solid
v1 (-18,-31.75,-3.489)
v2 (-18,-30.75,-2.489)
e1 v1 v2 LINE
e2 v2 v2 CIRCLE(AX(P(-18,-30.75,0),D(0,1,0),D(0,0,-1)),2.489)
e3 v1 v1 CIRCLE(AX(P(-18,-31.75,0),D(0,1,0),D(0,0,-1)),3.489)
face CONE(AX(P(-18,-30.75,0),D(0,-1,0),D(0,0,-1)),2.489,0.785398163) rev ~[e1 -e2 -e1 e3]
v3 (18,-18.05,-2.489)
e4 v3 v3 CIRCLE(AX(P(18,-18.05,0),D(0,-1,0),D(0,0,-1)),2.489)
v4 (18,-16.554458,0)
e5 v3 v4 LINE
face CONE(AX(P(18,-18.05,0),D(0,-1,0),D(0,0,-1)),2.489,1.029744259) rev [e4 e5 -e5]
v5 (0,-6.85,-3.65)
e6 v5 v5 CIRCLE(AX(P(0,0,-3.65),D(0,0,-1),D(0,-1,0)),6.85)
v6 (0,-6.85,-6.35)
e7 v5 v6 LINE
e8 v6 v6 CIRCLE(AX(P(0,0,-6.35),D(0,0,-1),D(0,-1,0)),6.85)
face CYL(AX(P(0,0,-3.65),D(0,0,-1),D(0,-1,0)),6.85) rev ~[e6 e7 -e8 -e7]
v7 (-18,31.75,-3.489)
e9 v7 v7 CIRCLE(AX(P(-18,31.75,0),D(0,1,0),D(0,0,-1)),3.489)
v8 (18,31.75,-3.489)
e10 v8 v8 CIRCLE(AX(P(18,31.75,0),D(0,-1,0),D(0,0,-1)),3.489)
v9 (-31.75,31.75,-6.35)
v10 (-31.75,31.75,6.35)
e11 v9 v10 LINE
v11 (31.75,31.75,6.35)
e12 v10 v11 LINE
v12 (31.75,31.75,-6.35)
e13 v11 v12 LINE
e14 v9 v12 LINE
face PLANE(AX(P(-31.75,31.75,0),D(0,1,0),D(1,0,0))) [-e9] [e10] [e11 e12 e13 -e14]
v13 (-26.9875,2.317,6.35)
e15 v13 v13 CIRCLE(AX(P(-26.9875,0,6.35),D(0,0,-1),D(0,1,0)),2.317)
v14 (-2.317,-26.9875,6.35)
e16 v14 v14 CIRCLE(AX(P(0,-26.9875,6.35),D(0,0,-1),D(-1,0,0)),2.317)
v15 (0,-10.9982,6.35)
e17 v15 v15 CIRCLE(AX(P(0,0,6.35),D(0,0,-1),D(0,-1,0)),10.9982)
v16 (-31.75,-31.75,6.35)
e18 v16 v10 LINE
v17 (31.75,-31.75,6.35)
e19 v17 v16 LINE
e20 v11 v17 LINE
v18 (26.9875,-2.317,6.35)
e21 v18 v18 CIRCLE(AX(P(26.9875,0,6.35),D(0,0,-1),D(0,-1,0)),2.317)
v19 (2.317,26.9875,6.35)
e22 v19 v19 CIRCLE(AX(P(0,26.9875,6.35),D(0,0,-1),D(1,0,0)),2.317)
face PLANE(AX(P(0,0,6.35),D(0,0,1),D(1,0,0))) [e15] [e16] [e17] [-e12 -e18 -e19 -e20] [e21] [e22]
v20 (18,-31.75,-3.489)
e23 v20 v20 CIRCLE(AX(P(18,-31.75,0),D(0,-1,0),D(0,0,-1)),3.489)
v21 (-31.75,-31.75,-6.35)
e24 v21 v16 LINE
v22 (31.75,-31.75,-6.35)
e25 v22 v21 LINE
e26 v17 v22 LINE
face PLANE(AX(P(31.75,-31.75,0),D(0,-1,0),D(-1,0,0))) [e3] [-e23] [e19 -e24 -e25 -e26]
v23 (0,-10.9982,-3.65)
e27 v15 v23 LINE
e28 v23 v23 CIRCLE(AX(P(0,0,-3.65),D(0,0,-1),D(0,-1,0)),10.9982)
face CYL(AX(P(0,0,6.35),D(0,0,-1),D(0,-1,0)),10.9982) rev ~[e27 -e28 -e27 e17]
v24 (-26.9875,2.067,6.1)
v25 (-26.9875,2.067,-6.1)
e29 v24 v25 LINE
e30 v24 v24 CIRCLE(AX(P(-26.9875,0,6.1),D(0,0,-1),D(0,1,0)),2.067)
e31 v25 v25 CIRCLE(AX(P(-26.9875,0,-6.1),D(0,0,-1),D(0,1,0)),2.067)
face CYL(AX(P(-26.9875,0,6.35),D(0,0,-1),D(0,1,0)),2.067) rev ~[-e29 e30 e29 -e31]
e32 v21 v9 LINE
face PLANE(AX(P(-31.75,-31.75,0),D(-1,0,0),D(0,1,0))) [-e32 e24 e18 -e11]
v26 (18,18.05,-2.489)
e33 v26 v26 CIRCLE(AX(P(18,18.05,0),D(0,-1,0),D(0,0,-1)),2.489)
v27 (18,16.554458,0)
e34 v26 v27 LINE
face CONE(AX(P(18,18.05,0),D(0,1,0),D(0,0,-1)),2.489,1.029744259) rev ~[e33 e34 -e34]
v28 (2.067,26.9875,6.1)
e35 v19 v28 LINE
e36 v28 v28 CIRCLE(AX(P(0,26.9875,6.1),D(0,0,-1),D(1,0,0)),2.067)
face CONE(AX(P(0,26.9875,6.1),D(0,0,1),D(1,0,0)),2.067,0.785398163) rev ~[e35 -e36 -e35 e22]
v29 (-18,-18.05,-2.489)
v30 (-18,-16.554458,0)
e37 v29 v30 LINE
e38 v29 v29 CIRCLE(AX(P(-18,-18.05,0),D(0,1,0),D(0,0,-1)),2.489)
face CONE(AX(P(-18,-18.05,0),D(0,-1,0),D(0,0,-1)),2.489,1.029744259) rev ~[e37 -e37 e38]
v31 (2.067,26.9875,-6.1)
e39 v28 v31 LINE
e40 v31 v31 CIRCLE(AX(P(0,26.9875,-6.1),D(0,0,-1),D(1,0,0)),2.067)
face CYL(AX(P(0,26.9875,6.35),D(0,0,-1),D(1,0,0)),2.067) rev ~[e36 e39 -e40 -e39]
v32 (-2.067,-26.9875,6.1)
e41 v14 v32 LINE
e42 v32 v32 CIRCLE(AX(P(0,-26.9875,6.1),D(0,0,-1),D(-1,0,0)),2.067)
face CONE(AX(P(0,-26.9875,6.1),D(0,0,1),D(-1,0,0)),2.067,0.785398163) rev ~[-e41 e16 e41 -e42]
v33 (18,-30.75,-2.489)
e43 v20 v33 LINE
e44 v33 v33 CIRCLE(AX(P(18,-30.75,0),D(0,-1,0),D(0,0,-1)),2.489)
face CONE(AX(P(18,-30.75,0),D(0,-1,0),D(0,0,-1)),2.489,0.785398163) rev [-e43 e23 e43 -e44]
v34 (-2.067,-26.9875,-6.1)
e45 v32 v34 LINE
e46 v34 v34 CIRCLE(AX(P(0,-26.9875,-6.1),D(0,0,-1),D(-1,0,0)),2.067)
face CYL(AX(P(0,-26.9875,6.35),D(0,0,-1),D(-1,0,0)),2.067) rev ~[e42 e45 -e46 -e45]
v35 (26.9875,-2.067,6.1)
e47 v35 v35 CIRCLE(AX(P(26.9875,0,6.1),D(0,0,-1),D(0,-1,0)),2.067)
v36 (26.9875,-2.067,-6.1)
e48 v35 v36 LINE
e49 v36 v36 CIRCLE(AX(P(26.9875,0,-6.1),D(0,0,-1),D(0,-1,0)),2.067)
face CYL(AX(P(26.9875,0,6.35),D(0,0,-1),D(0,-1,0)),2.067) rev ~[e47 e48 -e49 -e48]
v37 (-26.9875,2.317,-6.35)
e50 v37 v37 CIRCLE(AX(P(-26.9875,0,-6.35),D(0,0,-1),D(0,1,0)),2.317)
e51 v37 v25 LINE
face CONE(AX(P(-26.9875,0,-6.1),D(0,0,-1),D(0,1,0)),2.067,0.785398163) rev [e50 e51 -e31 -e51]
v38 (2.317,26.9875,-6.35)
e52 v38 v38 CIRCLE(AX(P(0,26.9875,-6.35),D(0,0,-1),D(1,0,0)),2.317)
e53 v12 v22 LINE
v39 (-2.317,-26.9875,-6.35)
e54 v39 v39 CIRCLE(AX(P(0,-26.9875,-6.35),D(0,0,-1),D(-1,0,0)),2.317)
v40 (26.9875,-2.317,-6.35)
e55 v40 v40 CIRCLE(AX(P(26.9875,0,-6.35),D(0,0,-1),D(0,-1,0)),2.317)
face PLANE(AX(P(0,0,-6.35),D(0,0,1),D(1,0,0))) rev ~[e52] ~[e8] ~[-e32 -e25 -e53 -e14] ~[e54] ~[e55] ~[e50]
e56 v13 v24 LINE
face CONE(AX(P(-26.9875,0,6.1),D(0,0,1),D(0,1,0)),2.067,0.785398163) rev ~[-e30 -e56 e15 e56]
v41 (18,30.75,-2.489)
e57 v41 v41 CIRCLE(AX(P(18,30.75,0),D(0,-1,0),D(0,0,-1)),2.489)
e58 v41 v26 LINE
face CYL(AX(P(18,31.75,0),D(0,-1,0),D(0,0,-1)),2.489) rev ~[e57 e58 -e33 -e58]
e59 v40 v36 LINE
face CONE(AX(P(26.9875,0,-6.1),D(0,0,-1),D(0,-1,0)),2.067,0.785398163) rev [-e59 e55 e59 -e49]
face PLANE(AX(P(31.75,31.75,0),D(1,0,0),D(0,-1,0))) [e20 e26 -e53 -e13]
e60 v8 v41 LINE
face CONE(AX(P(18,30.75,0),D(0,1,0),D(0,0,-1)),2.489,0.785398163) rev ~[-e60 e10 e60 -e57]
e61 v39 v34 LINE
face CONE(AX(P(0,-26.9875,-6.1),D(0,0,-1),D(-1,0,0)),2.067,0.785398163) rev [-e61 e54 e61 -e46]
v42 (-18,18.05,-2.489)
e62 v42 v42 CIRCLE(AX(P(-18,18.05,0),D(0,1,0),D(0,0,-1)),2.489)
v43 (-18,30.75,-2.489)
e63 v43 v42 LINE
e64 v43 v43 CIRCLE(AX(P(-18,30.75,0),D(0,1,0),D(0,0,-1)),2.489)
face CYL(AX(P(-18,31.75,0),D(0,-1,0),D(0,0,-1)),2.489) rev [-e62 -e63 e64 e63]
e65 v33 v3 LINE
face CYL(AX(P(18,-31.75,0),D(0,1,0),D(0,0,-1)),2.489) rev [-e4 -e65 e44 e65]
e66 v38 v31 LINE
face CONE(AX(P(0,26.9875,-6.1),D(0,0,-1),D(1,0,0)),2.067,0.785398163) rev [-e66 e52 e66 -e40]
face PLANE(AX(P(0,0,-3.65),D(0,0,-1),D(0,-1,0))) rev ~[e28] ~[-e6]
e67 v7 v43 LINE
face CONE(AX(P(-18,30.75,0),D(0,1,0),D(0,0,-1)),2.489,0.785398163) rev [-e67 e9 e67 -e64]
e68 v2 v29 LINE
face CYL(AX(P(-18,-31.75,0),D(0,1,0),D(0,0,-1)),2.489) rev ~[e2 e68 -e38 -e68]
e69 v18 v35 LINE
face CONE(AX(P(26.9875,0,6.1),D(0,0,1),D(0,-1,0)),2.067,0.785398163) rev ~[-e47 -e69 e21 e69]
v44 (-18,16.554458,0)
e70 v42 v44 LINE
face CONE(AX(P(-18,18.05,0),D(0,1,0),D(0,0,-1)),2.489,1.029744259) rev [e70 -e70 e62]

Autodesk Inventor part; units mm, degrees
ref_plane "YZ Plane" through (0, 0, 0) normal (1, 0, 0) x (0, 1, 0)
ref_plane "XZ Plane" through (0, 0, 0) normal (0, 1, 0) x (-1, 0, 0)
ref_plane "XY Plane" through (0, 0, 0) normal (0, 0, 1) x (1, 0, 0)
sketch "Sketch1" plane through (0, 0, 0) normal (0, 0, 1) x (1, 0, 0)
  line L0 (-31.75, 31.75) -> (31.75, 31.75)
  line L1 (31.75, 31.75) -> (31.75, -31.75)
  line L2 (31.75, -31.75) -> (-31.75, -31.75)
  line L3 (-31.75, -31.75) -> (-31.75, 31.75)
  line L4 (0, 0) -> (0, 31.75) construction
  line L5 (0, 0) -> (0, -31.75) construction
  line L6 (0, 0) -> (31.75, 0) construction
  line L7 (0, 0) -> (-31.75, 0) construction
  dimension "d0" = 63.5
  dimension "d1" = 63.5
extrude "Extrusion1" add sketch "Sketch1" along normal mid plane 12.7
sketch "Sketch9" plane through (-31.75, -31.75, 6.35) normal (0, -1, 0) x (1, 0, 0)
  line L0 (63.5, 0) -> (0, 0) projected
  line L1 (0, 0) -> (0, -12.7) projected
  line L2 (0, -12.7) -> (63.5, -12.7) projected
  line L3 (63.5, 0) -> (63.5, -12.7) projected
  line L4 (0, -6.35) -> (63.5, -6.35) construction
  line L5 (31.75, 0) -> (31.75, -12.7) construction
  point P0 (13.75, -6.35)
  dimension "d37" = 18
hole "Hole3" at (-18, -31.75, 0) direction (0, 1, 0) diameter 4.978 depth 13.7 tip angle 118 thread size "1/4-20 UNC" class "1B" standard "ANSI Unified Screw Threads"
sketch "Sketch12" plane through (0, 0, 6.35) normal (0, 0, 1) x (1, 0, 0)
  point P0 (0, 0)
  point P1 (0, 0)
hole "Hole6" at (0, 0, 6.35) direction (0, 0, -1) diameter 13.7 end through all counterbore diameter 21.9964 counterbore depth 10
mirror "Mirror1" about plane through (0, 0, 0) normal (1, 0, 0) of "Hole3"
mirror "Mirror2" about plane through (0, 0, 0) normal (0, 1, 0) of "Hole3", "Mirror1"
chamfer "Chamfer2" distance 1 angle 45 4 edges at (-18, -31.75, 2.489) (18, -31.75, 2.489) (-18, 31.75, 2.489) (18, 31.75, 2.489)
sketch "Sketch11" plane through (0, 0, 6.35) normal (0, 0, 1) x (1, 0, 0)
  circle A0 centre (0, 0) radius 10.9982 projected
  line L0 (31.75, 31.75) -> (31.75, -31.75) projected
  line L1 (0, 0) -> (31.75, 0) construction
  point P0 (26.9875, 0)
  dimension "d82" = 26.9875
hole "Hole5" at (26.9875, 0, 6.35) direction (0, 0, -1) diameter 4.134 end through all thread size "M5x0.8" class "6H" standard "ANSI Metric M Profile"
pattern_circular "Circular Pattern4" count 4 over 360 about axis through (0, 0, -84.3461) along (0, 0, 1) of "Hole5"
chamfer "Chamfer3" distance 0.25 angle 45 8 edges at (26.9875, 2.067, 6.35) (-2.067, 26.9875, 6.35) (-26.9875, -2.067, 6.35) (2.067, -26.9875, 6.35) (-2.067, 26.9875, -6.35) (2.067, -26.9875, -6.35) (-26.9875, -2.067, -6.35) (26.9875, 2.067, -6.35)
properties part number "BB2-FrontPlate" material "Aluminum-6061-AHC"
